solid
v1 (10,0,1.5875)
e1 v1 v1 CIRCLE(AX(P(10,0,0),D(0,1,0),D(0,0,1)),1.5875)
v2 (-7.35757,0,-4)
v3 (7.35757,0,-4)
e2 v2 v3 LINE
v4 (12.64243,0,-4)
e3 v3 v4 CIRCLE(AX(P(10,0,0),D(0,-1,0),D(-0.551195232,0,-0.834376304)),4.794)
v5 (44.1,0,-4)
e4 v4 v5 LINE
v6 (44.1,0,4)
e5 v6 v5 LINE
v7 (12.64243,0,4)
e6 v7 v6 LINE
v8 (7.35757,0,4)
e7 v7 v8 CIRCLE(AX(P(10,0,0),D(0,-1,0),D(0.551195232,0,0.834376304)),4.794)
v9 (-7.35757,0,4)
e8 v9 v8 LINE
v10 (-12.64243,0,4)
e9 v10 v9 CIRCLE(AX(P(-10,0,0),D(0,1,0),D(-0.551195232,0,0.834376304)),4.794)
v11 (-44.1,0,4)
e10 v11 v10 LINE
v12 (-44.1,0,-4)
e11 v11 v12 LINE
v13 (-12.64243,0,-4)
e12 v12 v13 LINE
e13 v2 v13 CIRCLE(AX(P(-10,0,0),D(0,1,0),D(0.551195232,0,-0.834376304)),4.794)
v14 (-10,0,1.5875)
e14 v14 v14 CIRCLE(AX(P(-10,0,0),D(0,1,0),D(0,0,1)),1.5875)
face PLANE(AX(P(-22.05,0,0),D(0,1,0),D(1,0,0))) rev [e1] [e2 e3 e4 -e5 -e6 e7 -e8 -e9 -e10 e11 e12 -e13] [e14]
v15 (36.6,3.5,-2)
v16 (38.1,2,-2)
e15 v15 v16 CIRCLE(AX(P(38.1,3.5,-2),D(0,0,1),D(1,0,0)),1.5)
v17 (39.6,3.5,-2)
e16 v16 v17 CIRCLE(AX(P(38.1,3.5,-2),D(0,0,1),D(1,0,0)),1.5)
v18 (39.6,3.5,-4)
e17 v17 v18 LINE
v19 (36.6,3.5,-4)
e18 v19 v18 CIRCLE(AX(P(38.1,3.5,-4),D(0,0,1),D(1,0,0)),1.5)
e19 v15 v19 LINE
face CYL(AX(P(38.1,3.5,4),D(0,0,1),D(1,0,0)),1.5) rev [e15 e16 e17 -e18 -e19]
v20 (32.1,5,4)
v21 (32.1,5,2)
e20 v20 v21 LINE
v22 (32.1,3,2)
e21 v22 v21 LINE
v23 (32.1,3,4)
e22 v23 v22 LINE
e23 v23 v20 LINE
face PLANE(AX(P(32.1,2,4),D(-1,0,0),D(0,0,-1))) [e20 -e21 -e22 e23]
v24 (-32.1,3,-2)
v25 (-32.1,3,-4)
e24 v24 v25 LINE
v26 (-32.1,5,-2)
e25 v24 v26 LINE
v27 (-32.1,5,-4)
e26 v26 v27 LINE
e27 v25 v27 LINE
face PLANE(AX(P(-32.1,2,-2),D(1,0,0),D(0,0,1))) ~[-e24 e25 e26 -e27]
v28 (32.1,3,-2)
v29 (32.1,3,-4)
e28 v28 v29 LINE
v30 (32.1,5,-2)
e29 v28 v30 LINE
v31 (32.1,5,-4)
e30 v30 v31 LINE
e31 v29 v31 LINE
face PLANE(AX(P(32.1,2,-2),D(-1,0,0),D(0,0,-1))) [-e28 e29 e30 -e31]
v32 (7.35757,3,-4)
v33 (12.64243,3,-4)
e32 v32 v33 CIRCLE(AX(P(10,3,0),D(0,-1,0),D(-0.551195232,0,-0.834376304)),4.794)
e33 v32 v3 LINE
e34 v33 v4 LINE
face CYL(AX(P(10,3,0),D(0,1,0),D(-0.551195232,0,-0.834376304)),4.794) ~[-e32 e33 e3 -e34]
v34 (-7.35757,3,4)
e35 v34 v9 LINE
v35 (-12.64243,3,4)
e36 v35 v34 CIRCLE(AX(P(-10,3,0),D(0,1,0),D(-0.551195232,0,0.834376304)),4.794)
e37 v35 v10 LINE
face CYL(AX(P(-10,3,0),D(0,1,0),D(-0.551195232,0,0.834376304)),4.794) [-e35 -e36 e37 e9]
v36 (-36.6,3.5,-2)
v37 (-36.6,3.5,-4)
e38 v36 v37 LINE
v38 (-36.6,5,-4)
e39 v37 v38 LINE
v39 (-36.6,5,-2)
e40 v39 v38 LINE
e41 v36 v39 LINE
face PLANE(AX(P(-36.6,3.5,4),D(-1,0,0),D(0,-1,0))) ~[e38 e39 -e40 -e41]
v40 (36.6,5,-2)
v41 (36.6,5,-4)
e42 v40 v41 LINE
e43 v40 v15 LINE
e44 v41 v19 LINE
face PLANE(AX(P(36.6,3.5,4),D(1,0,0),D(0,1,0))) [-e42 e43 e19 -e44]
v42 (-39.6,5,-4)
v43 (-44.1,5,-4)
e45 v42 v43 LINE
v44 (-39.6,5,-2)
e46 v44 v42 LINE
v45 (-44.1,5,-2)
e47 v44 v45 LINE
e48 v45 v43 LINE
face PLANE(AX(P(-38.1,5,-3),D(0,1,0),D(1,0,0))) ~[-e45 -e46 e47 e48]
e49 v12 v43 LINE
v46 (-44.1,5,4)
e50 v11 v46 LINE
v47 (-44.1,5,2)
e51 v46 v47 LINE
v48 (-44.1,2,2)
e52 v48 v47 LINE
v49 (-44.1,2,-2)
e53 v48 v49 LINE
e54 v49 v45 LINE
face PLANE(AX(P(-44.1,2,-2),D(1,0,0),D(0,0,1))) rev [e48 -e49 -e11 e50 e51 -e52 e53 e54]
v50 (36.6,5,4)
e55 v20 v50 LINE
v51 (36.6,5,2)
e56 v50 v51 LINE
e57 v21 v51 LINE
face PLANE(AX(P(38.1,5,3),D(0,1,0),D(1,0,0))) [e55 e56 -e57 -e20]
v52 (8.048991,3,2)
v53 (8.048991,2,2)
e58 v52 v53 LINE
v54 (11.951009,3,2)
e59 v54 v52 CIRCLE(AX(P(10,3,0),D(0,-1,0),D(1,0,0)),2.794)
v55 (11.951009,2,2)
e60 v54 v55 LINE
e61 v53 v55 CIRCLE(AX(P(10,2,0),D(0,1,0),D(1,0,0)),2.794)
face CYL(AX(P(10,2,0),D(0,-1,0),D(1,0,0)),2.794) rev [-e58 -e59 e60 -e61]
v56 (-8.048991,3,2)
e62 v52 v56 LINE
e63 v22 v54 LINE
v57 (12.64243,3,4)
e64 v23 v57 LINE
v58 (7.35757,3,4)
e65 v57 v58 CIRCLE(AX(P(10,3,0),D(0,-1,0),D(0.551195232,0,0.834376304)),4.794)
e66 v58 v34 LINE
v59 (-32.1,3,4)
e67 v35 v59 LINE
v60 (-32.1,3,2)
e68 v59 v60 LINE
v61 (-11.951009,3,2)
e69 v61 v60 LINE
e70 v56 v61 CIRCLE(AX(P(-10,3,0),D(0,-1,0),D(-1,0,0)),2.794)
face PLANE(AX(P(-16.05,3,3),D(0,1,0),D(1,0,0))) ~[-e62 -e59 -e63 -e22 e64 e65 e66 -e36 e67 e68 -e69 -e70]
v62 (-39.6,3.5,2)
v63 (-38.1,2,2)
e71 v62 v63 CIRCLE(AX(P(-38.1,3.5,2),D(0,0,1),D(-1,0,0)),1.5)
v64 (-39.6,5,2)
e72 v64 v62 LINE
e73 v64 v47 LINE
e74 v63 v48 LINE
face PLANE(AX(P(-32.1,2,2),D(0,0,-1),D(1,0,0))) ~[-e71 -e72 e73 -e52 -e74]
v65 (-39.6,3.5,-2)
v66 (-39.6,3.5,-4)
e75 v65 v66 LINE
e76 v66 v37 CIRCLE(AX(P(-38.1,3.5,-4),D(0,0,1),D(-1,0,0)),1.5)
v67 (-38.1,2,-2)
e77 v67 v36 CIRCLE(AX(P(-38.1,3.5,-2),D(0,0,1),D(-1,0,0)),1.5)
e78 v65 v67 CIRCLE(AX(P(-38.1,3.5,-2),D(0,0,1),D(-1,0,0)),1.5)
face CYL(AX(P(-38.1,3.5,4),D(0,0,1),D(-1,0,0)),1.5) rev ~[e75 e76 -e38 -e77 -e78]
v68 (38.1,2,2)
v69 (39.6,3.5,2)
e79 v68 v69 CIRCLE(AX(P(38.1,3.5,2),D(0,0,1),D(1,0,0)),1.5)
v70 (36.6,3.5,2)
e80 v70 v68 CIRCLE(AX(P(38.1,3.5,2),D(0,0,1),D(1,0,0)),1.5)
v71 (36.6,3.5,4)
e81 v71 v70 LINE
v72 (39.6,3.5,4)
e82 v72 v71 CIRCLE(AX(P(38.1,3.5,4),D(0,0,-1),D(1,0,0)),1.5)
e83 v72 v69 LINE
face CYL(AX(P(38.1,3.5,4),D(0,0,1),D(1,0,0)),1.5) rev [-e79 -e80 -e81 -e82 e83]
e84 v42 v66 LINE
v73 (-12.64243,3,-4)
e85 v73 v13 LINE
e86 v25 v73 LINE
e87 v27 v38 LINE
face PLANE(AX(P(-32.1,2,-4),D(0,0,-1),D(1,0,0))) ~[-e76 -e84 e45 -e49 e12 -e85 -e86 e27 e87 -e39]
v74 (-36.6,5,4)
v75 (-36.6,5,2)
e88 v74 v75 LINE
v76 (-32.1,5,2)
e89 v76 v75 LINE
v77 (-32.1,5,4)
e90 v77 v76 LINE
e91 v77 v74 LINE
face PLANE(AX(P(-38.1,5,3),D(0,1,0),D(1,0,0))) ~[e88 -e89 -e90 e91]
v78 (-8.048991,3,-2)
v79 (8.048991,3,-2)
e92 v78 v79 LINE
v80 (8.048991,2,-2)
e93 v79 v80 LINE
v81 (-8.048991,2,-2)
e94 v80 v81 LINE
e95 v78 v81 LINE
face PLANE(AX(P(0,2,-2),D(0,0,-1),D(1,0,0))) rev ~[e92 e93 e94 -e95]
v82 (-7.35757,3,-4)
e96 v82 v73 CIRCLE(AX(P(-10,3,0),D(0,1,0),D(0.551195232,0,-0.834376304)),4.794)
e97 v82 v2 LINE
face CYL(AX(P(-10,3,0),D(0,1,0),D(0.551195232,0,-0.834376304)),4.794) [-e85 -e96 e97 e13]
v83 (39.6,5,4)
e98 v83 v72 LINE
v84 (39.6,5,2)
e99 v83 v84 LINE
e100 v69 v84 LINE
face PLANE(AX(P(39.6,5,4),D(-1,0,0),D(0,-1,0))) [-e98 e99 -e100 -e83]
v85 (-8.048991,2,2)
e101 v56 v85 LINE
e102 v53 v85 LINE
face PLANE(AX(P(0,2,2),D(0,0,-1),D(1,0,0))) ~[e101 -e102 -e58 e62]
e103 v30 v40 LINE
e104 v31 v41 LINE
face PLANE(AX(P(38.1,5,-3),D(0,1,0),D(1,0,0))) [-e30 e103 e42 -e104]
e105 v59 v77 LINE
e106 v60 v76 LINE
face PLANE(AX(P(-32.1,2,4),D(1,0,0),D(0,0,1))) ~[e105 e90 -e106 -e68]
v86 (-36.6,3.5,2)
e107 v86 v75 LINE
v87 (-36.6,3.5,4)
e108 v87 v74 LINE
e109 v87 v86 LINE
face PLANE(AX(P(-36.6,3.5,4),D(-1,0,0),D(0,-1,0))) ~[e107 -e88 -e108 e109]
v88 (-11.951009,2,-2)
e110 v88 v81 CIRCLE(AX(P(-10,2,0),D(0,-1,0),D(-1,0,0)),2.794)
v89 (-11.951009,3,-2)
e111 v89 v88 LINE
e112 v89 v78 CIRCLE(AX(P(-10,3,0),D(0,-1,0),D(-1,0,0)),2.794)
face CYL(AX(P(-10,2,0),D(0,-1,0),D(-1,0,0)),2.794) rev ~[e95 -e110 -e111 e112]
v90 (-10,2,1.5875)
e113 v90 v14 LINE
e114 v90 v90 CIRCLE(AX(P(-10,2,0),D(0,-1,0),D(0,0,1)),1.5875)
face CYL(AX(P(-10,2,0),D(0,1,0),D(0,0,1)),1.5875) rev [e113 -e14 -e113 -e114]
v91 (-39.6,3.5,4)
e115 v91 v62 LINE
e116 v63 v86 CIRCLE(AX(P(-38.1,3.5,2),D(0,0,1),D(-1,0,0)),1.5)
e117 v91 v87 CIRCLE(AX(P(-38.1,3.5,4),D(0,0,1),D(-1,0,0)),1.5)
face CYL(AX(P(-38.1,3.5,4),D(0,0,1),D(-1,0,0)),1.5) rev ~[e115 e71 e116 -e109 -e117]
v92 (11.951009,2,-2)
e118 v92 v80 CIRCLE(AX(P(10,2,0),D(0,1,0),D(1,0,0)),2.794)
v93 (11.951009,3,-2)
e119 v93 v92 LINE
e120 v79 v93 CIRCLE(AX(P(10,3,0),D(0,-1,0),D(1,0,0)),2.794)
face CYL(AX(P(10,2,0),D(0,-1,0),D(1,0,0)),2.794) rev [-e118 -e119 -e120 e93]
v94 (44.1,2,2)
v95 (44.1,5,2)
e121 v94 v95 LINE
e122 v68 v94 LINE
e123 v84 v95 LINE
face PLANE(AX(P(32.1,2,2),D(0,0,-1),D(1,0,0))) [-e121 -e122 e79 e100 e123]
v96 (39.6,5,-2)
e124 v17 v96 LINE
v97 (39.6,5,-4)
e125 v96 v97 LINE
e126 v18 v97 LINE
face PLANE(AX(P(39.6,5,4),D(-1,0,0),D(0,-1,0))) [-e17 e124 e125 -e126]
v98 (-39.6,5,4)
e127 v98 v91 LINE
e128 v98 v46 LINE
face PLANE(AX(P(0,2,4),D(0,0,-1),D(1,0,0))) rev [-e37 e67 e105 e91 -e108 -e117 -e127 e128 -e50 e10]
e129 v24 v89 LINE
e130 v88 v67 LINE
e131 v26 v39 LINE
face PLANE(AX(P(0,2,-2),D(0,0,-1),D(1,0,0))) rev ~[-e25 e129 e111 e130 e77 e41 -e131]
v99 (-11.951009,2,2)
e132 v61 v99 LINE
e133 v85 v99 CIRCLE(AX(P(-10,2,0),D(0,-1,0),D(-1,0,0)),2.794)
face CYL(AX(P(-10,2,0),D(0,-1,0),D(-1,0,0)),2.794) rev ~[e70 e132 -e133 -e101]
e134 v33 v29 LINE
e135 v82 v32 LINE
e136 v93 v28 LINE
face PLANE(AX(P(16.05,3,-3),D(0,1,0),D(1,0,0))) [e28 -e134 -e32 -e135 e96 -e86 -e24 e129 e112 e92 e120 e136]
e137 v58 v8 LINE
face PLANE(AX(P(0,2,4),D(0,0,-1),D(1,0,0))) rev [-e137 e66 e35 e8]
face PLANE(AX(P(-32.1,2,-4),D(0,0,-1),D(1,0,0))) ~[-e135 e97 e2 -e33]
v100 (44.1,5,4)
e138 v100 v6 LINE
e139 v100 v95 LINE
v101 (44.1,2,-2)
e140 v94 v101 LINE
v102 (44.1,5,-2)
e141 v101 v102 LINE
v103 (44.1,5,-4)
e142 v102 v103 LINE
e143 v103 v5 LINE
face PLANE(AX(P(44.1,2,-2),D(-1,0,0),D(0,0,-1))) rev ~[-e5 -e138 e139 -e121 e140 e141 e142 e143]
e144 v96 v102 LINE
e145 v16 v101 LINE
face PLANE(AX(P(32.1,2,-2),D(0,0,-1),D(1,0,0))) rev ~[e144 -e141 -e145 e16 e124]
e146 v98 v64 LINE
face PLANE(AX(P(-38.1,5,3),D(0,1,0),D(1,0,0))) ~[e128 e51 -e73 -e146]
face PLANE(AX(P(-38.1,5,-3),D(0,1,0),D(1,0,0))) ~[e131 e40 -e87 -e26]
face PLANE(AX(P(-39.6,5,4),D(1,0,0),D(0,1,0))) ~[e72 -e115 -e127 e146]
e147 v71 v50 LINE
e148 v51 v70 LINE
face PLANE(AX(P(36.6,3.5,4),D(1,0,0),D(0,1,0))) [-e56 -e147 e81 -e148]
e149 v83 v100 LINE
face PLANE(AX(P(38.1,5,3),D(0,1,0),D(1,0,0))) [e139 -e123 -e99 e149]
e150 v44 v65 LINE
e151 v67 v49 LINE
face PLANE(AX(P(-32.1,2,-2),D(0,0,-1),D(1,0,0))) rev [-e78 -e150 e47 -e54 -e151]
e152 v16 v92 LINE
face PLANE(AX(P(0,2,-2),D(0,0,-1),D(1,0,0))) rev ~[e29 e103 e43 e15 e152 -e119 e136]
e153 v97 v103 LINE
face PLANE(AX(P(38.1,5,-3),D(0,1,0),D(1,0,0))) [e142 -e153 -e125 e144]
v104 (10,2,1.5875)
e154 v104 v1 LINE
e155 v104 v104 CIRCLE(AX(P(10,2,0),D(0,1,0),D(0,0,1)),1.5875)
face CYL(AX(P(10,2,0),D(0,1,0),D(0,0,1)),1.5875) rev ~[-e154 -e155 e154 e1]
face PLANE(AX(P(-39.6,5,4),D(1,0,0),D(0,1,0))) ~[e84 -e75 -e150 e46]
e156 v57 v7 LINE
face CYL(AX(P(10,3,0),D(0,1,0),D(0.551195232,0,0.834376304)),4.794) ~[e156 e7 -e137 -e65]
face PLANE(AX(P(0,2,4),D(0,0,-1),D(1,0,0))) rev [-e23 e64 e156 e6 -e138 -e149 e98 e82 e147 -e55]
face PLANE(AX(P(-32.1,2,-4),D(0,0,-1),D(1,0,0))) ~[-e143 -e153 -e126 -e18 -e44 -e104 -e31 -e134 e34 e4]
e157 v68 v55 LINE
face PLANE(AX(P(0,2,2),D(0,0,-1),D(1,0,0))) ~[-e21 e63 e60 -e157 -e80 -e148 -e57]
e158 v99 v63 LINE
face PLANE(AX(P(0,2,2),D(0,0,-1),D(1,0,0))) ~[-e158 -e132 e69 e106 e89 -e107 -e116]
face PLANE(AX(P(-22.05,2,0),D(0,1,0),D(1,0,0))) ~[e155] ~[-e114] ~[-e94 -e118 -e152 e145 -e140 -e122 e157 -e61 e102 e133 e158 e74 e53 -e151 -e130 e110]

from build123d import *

# Parameters (mm, degrees)
SKETCH1_W           = 44.1
SKETCH1_H           = 8
BOSS_EXTRUDE1_DEPTH = 2
SKETCH2_W           = 12
SKETCH2_H           = 2
BOSS_EXTRUDE2_DEPTH = 3
CUT_EXTRUDE1_DEPTH  = 46.097782651
SKETCH4_W           = 32.1
SKETCH4_H           = 2
BOSS_EXTRUDE3_DEPTH = 1
SKETCH7_R           = 2.794
CUT_EXTRUDE3_DEPTH  = 45.382541613
SKETCH8_R           = 1.5875
CUT_EXTRUDE4_DEPTH  = 45.382541613
BOSS_EXTRUDE4_DEPTH = 3


with BuildPart() as part:
    # Sketch1 → Boss-Extrude1 (new body)
    with BuildSketch(Plane(origin=(0, 0, 0), x_dir=(1, 0, 0), z_dir=(0, 1, 0))):
        with Locations((22.05, 0)):
            Rectangle(SKETCH1_W, SKETCH1_H)
    boss_extrude1 = extrude(amount=BOSS_EXTRUDE1_DEPTH)

    # Sketch2 → Boss-Extrude2 (add)
    with BuildSketch(Plane(origin=(0, 2, 0), x_dir=(1, 0, 0), z_dir=(0, 1, 0))):
        with Locations((38.1, 3)):
            Rectangle(SKETCH2_W, SKETCH2_H)
        with Locations((38.1, -3)):
            Rectangle(SKETCH2_W, SKETCH2_H)
    boss_extrude2 = extrude(amount=BOSS_EXTRUDE2_DEPTH)

    # Sketch3 → Cut-Extrude1 (cut, through all)
    with BuildSketch(Plane.XY.offset(4)):
        with BuildLine():
            Line((36.6, 3.5), (36.6, 5))
            Line((36.6, 5), (39.6, 5))
            Line((39.6, 5), (39.6, 3.5))
            ThreePointArc((39.6, 3.5), (38.1, 2), (36.6, 3.5))
        make_face()
    cut_extrude1 = extrude(amount=-CUT_EXTRUDE1_DEPTH, mode=Mode.SUBTRACT)

    # Sketch4 → Boss-Extrude3 (add)
    with BuildSketch(Plane(origin=(0, 2, 0), x_dir=(1, 0, 0), z_dir=(0, 1, 0))):
        with Locations((16.05, -3)):
            Rectangle(SKETCH4_W, SKETCH4_H)
        with Locations((16.05, 3)):
            Rectangle(SKETCH4_W, SKETCH4_H)
    boss_extrude3 = extrude(amount=BOSS_EXTRUDE3_DEPTH)

    # Mirror1: Boss-Extrude1, Boss-Extrude2, Cut-Extrude1, Boss-Extrude3 across plane
    add(boss_extrude1.mirror(Plane(origin=(0, 0, 0), x_dir=(0, 0, 1), z_dir=(1, 0, 0))))
    add(boss_extrude2.mirror(Plane(origin=(0, 0, 0), x_dir=(0, 0, 1), z_dir=(1, 0, 0))))
    add(cut_extrude1.mirror(Plane(origin=(0, 0, 0), x_dir=(0, 0, 1), z_dir=(1, 0, 0))), mode=Mode.SUBTRACT)
    add(boss_extrude3.mirror(Plane(origin=(0, 0, 0), x_dir=(0, 0, 1), z_dir=(1, 0, 0))))

    # Sketch7 → Cut-Extrude3 (cut, through all)
    with BuildSketch(Plane(origin=(0, 2, 0), x_dir=(1, 0, 0), z_dir=(0, 1, 0))):
        with Locations((10, 0)):
            Circle(SKETCH7_R)
    cut_extrude3 = extrude(amount=CUT_EXTRUDE3_DEPTH, mode=Mode.SUBTRACT)

    # Sketch8 → Cut-Extrude4 (cut, through all)
    with BuildSketch(Plane(origin=(0, 2, 0), x_dir=(1, 0, 0), z_dir=(0, 1, 0))):
        with Locations(Location((10, 0, 0), (0, 0, 270))):
            Circle(SKETCH8_R)
    cut_extrude4 = extrude(amount=-CUT_EXTRUDE4_DEPTH, mode=Mode.SUBTRACT)

    # Sketch9 → Boss-Extrude4 (add)
    with BuildSketch(Plane(origin=(0, 3, 0), x_dir=(1, 0, 0), z_dir=(0, 1, 0))):
        with BuildLine():
            Line((12.642429942, 4), (7.357570058, 4))
            ThreePointArc((7.357570058, 4), (10, 4.794), (12.642429942, 4))
        make_face()
        with BuildLine():
            Line((7.357570058, -4), (12.642429942, -4))
            ThreePointArc((12.642429942, -4), (10, -4.794), (7.357570058, -4))
        make_face()
    boss_extrude4 = extrude(amount=-BOSS_EXTRUDE4_DEPTH)

    # Mirror2: Cut-Extrude3, Cut-Extrude4, Boss-Extrude4 across plane
    add(cut_extrude3.mirror(Plane(origin=(0, 0, 0), x_dir=(0, 0, 1), z_dir=(1, 0, 0))), mode=Mode.SUBTRACT)
    add(cut_extrude4.mirror(Plane(origin=(0, 0, 0), x_dir=(0, 0, 1), z_dir=(1, 0, 0))), mode=Mode.SUBTRACT)
    add(boss_extrude4.mirror(Plane(origin=(0, 0, 0), x_dir=(0, 0, 1), z_dir=(1, 0, 0))))


solid = part.part
